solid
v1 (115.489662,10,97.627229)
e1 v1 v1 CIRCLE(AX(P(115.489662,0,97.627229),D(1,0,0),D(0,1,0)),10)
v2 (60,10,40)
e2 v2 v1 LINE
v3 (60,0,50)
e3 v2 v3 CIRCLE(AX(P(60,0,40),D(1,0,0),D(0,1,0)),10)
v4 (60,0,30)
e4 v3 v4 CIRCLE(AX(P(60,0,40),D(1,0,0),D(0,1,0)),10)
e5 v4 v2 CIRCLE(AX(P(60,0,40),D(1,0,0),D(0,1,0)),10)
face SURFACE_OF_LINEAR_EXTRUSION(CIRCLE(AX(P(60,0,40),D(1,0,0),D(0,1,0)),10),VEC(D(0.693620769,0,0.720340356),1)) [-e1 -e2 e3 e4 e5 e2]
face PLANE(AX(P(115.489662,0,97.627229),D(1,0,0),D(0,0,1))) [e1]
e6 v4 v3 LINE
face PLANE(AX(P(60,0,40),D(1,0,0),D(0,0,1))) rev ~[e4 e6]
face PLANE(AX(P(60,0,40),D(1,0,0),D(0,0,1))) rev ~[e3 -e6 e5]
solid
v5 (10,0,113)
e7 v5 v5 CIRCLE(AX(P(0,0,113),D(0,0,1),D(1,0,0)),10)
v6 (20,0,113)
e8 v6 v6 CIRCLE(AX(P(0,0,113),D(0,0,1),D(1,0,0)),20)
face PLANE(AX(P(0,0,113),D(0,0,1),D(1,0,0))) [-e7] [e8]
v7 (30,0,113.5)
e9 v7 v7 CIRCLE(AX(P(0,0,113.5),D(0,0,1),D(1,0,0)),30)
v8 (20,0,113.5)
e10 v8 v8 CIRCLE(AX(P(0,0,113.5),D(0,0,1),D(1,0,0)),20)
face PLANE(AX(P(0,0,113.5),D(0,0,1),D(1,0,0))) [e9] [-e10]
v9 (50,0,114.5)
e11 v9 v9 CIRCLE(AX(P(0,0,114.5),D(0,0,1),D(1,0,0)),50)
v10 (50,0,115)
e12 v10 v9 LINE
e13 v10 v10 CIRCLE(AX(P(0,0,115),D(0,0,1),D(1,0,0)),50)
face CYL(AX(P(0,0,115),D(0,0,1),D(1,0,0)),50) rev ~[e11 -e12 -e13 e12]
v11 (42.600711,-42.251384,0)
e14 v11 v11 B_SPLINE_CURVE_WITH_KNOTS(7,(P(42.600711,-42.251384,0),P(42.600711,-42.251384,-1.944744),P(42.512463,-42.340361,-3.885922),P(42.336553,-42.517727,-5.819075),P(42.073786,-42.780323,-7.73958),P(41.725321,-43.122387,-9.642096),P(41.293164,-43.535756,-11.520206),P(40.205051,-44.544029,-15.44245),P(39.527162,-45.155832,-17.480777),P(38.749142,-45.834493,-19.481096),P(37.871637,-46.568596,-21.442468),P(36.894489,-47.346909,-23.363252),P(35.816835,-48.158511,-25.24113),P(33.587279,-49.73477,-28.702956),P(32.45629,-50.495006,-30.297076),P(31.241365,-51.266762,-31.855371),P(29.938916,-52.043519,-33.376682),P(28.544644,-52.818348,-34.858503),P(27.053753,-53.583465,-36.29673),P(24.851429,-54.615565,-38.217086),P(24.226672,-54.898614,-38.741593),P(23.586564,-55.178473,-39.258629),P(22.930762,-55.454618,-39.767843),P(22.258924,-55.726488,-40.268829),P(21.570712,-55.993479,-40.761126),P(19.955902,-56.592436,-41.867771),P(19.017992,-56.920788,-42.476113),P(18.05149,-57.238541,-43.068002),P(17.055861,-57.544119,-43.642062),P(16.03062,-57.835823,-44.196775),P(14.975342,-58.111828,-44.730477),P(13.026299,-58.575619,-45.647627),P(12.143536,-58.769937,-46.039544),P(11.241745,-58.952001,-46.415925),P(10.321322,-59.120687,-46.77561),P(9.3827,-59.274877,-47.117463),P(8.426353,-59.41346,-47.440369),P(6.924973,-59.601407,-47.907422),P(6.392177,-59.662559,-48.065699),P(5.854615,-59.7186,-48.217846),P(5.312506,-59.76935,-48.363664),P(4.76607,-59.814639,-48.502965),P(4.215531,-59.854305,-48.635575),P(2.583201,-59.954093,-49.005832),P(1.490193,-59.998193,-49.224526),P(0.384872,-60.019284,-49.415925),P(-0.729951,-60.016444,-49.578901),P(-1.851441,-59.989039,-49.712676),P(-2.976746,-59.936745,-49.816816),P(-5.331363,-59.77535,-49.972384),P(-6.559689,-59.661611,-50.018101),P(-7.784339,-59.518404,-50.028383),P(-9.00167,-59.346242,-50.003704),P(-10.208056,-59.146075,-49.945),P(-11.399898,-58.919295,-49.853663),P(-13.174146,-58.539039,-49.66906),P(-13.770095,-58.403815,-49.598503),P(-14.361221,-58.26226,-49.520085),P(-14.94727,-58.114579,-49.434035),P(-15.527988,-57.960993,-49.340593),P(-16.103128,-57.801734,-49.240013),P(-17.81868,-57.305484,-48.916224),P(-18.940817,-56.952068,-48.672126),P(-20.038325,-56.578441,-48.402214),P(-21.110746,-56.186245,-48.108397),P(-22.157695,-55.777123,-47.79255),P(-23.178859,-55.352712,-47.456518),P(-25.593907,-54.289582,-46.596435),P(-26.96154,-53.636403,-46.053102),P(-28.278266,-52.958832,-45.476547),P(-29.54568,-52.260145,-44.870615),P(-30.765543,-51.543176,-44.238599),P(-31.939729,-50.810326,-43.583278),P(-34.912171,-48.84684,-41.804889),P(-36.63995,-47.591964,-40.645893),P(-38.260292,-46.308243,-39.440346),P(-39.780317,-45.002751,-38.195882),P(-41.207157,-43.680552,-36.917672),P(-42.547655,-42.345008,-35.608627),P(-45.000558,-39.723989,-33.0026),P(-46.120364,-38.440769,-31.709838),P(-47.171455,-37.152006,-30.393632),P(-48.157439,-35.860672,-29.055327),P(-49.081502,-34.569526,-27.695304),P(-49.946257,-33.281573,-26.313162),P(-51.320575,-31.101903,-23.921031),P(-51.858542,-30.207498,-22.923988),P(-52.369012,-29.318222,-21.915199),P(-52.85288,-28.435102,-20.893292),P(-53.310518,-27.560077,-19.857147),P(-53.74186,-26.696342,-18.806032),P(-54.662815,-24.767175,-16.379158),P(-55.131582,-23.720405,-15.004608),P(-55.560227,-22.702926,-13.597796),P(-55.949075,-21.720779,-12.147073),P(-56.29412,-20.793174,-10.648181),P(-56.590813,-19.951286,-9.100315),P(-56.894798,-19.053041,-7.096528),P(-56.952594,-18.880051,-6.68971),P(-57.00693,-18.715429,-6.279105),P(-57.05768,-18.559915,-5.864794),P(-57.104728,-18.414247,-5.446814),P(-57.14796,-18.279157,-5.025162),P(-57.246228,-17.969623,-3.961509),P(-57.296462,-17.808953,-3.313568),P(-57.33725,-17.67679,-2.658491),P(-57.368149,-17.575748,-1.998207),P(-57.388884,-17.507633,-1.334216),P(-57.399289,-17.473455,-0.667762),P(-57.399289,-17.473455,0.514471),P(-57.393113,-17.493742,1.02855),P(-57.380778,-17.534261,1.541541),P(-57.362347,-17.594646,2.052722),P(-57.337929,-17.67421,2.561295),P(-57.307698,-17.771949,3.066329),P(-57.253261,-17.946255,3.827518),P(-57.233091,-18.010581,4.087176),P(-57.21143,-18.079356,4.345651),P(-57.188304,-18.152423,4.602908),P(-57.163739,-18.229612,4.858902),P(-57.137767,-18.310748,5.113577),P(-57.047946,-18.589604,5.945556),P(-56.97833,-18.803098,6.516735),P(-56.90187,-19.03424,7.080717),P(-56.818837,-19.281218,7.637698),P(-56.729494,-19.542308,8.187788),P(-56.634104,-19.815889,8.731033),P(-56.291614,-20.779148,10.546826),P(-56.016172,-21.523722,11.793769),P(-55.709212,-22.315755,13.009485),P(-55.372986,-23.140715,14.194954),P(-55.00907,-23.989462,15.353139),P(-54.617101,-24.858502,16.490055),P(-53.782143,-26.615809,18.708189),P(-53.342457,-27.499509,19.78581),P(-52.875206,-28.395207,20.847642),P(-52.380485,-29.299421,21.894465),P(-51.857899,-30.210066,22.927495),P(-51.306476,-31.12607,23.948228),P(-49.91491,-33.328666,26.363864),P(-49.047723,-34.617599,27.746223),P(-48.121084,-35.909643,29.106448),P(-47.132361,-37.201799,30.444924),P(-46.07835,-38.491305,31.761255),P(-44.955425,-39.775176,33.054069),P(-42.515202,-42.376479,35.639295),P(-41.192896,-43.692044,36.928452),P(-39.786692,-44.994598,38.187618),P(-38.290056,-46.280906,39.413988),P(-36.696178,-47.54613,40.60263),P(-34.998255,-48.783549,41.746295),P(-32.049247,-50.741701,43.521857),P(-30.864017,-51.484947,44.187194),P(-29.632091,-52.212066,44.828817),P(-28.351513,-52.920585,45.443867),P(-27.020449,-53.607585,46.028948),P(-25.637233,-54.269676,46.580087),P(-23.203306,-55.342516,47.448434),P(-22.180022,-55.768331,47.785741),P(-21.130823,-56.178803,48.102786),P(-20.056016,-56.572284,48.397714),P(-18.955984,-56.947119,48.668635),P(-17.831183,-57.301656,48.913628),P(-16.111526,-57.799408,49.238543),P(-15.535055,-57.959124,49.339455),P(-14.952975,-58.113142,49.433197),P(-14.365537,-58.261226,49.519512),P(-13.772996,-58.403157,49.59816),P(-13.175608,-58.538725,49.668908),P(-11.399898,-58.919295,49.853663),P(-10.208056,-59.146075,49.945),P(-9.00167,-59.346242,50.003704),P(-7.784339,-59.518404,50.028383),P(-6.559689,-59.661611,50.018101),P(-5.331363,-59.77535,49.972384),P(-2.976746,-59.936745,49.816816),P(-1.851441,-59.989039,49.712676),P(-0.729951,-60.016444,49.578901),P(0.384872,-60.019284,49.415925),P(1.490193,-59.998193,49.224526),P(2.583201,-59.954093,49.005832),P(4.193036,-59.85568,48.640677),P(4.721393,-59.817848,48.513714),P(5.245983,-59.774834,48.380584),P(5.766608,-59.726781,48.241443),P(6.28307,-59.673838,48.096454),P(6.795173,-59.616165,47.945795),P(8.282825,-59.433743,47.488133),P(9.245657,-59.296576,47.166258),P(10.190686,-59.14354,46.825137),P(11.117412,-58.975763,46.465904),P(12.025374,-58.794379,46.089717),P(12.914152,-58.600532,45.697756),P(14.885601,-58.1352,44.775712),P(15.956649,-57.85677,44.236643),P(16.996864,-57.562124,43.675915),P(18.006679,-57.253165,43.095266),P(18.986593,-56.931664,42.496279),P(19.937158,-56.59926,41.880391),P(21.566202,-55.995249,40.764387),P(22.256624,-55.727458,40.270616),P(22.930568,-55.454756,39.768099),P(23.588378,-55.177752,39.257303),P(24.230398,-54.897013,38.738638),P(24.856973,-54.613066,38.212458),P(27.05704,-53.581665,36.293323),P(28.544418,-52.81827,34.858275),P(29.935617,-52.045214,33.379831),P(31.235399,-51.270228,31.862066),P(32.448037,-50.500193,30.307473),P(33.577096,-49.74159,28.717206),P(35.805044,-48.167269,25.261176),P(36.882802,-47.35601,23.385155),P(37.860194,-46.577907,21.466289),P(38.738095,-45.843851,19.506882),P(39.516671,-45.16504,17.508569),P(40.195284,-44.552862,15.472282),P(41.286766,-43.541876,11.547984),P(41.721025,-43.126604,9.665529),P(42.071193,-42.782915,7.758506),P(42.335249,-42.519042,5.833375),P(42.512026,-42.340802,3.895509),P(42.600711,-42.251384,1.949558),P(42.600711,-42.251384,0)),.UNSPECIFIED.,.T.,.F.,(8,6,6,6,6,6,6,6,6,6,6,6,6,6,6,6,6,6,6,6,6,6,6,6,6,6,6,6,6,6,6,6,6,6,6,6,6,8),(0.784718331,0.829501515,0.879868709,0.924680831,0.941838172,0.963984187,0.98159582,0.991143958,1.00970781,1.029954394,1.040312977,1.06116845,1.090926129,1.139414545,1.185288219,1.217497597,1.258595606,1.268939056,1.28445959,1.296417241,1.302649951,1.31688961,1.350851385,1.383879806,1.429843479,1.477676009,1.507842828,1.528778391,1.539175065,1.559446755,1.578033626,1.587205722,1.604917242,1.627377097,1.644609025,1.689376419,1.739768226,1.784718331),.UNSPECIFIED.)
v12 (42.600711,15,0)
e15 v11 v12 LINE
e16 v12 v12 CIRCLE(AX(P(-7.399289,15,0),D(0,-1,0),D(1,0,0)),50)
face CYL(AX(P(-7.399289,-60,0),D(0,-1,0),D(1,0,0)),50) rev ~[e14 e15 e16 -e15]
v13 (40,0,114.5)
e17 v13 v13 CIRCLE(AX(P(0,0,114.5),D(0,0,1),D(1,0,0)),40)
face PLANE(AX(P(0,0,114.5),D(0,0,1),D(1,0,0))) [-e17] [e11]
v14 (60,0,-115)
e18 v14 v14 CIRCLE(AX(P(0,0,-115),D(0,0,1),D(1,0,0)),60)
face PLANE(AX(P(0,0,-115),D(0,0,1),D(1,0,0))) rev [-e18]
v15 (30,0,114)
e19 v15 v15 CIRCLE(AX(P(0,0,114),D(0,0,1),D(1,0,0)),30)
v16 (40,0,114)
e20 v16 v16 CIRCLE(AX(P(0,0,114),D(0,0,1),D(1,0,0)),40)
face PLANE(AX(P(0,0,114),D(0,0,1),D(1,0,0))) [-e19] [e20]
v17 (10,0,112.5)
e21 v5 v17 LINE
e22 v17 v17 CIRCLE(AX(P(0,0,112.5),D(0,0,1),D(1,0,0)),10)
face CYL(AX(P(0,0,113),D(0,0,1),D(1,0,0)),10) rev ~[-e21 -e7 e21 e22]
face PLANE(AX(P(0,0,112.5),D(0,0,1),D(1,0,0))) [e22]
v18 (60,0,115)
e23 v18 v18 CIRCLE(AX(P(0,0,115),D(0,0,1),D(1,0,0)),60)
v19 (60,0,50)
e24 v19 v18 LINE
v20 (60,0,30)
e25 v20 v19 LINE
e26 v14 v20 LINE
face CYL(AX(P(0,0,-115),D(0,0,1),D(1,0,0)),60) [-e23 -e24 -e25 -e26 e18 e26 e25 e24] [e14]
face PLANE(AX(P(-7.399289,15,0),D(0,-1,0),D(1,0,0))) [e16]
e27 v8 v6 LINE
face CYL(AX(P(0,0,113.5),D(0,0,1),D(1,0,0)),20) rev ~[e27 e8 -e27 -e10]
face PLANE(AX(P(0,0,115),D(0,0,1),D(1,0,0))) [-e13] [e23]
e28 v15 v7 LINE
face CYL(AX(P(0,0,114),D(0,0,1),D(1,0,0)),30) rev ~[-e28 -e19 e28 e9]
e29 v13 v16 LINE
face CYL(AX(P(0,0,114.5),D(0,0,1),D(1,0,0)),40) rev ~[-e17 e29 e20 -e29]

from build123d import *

# Parameters (mm, degrees)
F3_R      = 50
F4_DEPTH  = 75
F5_R      = 50
F6_DEPTH  = 0.5
F7_R      = 40
F8_DEPTH  = 0.5
F9_R      = 30
F10_DEPTH = 0.5
F11_R     = 20
F12_DEPTH = 0.5
F13_R     = 10
F14_DEPTH = 0.5
F16_R     = 10


with BuildPart() as f2:
    # F1 (on Front) → F2 (revolve)
    with BuildSketch(Plane.XZ):
        Polygon((0, 115), (0, 0), (0, -115), (60, -115), (60, 115), align=None)
    revolve(axis=Axis((0, 0, 57.5), (0, 0, 1)))

    # F3 (on offset) → F4 (cut)
    with BuildSketch(Plane.XZ.offset(60)):
        with Locations((-7.399289, 0)):
            Circle(F3_R)
    extrude(amount=-F4_DEPTH, mode=Mode.SUBTRACT)

    # F5 (on face) → F6 (cut)
    with BuildSketch(Plane.XY.offset(115)):
        Circle(F5_R)
    extrude(amount=-F6_DEPTH, mode=Mode.SUBTRACT)

    # F7 (on face) → F8 (cut)
    with BuildSketch(Plane.XY.offset(114.5)):
        Circle(F7_R)
    extrude(amount=-F8_DEPTH, mode=Mode.SUBTRACT)

    # F9 (on face) → F10 (cut)
    with BuildSketch(Plane.XY.offset(114)):
        Circle(F9_R)
    extrude(amount=-F10_DEPTH, mode=Mode.SUBTRACT)

    # F11 (on face) → F12 (cut)
    with BuildSketch(Plane.XY.offset(113.5)):
        Circle(F11_R)
    extrude(amount=-F12_DEPTH, mode=Mode.SUBTRACT)

    # F13 (on face) → F14 (cut)
    with BuildSketch(Plane.XY.offset(113)):
        Circle(F13_R)
    extrude(amount=-F14_DEPTH, mode=Mode.SUBTRACT)

    # F18: sweep along a path in F17
    with BuildLine(Plane.XZ) as f18_path:
        Line((60.510088, 39.84075), (115.99975, 97.467979))
    # F16 (on offset) → F18 (sweep)
    with BuildSketch(Plane.YZ.offset(60)):
        with Locations((0, 40)):
            Circle(F16_R)
    sweep(path=f18_path.line)


solid = f2.part
